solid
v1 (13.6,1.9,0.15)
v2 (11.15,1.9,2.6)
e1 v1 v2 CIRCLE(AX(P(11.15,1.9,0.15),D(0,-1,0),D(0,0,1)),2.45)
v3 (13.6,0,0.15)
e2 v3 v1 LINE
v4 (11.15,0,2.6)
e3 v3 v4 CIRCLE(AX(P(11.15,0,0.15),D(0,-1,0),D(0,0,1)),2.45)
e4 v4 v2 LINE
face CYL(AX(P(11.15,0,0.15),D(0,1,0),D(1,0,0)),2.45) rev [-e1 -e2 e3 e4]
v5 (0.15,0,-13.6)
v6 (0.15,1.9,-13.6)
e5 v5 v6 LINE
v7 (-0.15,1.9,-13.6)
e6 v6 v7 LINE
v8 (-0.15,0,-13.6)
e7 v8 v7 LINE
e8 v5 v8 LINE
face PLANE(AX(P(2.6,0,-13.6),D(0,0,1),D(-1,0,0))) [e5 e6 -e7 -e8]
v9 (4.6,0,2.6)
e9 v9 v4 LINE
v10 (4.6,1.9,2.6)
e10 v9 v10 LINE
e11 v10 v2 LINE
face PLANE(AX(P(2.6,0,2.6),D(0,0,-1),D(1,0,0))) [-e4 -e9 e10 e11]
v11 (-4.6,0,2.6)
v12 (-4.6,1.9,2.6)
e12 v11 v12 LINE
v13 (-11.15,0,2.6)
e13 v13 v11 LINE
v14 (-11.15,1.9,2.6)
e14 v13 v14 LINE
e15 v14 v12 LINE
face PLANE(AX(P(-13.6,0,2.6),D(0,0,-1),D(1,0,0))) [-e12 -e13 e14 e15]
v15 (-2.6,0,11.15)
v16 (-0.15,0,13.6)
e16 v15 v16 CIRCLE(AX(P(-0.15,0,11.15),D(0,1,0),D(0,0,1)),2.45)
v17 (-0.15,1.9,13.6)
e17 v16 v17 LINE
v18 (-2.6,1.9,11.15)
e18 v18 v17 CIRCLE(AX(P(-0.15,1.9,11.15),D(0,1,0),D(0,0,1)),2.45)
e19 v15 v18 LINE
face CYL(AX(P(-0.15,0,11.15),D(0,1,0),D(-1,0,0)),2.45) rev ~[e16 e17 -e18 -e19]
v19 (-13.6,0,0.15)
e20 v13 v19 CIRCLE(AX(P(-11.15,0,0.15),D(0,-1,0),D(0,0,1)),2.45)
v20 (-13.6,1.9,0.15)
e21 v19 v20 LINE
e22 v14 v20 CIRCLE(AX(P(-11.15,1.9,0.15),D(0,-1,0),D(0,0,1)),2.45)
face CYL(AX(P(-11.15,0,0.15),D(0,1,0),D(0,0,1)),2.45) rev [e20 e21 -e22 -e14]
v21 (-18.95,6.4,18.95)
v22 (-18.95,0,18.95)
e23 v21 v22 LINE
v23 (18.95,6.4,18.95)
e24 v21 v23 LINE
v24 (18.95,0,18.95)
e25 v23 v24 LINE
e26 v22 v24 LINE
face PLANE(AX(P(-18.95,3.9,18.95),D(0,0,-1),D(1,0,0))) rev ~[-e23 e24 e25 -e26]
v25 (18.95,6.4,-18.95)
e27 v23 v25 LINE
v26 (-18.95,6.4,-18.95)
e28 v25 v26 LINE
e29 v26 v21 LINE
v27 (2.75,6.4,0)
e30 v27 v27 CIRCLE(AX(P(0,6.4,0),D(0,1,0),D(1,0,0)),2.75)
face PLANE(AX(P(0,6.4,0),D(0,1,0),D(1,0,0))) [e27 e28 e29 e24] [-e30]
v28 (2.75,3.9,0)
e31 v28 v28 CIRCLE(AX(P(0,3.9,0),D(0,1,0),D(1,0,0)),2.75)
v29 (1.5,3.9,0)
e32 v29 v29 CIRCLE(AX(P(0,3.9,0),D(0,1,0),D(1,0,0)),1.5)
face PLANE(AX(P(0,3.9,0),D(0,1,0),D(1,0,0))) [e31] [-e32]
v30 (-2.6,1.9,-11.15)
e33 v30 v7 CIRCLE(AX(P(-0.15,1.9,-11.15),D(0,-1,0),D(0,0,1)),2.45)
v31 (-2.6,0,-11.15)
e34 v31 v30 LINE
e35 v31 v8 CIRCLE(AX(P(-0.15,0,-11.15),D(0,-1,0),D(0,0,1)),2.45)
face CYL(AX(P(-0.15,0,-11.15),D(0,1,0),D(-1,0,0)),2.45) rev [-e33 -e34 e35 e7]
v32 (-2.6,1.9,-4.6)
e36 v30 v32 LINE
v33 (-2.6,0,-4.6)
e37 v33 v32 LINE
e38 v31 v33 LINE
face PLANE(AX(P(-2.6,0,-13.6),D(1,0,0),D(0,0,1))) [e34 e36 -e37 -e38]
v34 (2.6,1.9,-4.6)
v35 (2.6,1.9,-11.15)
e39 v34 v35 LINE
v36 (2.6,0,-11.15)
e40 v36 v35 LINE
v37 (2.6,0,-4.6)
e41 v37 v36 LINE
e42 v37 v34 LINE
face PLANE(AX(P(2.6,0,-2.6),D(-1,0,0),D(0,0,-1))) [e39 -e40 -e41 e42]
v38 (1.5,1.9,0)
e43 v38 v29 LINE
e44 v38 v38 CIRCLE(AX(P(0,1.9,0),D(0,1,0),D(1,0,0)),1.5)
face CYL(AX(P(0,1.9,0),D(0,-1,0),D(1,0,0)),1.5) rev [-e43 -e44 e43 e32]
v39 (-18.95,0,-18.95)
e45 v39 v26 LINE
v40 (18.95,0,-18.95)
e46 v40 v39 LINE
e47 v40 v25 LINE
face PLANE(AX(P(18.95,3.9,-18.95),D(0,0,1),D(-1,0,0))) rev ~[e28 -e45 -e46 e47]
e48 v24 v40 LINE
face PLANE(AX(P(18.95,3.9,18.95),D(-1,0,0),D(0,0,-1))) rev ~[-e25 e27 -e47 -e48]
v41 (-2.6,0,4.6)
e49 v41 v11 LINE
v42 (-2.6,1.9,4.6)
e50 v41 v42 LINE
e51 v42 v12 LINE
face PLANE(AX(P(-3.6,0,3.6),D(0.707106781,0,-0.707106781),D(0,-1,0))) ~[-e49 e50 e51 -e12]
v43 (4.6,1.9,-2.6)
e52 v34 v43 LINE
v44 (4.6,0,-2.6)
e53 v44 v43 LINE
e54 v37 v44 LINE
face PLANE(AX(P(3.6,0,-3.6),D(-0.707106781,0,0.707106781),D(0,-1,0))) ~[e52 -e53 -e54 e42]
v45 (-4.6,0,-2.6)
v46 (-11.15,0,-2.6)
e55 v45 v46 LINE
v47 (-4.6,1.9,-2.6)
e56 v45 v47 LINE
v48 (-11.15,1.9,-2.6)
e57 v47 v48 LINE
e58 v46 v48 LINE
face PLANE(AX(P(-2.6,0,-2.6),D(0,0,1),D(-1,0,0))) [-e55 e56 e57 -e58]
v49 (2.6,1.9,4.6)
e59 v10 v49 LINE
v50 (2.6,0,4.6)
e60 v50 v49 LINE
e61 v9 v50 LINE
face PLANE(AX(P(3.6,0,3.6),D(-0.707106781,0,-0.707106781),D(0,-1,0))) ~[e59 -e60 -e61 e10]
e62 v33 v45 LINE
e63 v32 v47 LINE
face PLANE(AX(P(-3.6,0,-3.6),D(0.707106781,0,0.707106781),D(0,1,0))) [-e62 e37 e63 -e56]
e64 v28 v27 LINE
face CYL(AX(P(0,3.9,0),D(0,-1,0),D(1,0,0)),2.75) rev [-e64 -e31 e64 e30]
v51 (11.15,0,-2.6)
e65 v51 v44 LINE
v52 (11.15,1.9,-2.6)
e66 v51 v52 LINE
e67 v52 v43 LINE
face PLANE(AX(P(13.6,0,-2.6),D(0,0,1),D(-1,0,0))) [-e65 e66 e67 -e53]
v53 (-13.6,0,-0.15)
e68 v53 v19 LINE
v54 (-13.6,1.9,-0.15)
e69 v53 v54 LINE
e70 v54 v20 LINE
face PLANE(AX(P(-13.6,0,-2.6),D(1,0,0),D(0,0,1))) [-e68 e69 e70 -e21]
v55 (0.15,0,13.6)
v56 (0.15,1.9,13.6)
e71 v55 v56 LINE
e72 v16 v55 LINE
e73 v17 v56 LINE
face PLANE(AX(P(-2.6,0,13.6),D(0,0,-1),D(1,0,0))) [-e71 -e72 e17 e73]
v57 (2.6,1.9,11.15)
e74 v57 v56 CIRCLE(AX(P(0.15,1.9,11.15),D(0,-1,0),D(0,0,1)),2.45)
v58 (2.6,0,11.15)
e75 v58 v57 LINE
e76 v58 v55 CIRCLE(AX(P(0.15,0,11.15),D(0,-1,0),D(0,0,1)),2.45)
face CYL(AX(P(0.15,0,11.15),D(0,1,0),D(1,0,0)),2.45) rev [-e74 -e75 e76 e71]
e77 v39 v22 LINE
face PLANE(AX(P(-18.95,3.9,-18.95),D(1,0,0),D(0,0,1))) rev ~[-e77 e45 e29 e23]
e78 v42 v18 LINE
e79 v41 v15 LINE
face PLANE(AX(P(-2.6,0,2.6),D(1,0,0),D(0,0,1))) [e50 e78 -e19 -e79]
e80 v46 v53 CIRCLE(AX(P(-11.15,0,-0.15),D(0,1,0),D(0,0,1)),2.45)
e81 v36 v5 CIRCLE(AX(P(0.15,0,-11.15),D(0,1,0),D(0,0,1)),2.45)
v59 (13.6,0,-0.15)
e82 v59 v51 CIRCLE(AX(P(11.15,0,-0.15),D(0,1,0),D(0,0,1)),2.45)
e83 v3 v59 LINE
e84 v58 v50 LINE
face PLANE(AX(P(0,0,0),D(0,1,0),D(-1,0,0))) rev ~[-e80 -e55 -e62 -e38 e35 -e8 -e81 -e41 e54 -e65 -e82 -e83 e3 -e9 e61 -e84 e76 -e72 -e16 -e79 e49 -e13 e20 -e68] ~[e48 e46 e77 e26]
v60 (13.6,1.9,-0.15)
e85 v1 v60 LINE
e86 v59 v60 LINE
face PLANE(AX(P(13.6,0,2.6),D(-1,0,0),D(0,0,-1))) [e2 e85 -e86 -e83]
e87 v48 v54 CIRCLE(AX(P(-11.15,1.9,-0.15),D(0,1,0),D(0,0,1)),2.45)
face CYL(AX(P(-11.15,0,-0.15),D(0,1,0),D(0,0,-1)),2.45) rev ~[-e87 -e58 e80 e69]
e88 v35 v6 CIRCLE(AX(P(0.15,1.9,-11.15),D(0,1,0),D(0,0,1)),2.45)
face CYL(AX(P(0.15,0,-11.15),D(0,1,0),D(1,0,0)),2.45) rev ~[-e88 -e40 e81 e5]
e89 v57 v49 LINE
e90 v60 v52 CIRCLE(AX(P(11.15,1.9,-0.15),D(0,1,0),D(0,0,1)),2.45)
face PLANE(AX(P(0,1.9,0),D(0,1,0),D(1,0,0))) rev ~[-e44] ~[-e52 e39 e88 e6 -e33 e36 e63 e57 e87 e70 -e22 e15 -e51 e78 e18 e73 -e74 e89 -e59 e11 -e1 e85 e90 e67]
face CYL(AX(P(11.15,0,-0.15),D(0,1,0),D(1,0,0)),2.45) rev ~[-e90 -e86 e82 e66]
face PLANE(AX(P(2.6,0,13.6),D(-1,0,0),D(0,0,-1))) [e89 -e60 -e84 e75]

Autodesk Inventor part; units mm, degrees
ref_plane "YZ Plane" through (0, 0, 0) normal (1, 0, 0) x (0, 1, 0)
ref_plane "XZ Plane" through (0, 0, 0) normal (0, 1, 0) x (-1, 0, 0)
ref_plane "XY Plane" through (0, 0, 0) normal (0, 0, 1) x (1, 0, 0)
sketch "Sketch1" plane through (0, 0, 0) normal (0, 1, 0) x (-1, 0, 0)
  line L0 (-18.95, -18.95) -> (18.95, -18.95)
  line L1 (18.95, -18.95) -> (18.95, 18.95)
  line L2 (18.95, 18.95) -> (-18.95, 18.95)
  line L3 (-18.95, 18.95) -> (-18.95, -18.95)
  line L4 (-18.95, -18.95) -> (18.95, 18.95) construction
  line L5 (18.95, -18.95) -> (-18.95, 18.95) construction
  line L6 (-2.45, -13.45) -> (2.45, -13.45) construction
  line L7 (2.45, -13.45) -> (2.45, 13.45) construction
  line L8 (2.45, 13.45) -> (-2.45, 13.45) construction
  line L9 (-2.45, 13.45) -> (-2.45, -13.45) construction
  line L10 (-2.45, -13.45) -> (2.45, 13.45) construction
  line L11 (2.45, -13.45) -> (-2.45, 13.45) construction
  line L12 (-13.45, -2.45) -> (13.45, -2.45) construction
  line L13 (13.45, -2.45) -> (13.45, 2.45) construction
  line L14 (13.45, 2.45) -> (-13.45, 2.45) construction
  line L15 (-13.45, 2.45) -> (-13.45, -2.45) construction
  line L16 (-13.45, -2.45) -> (13.45, 2.45) construction
  line L17 (13.45, -2.45) -> (-13.45, 2.45) construction
  line L18 (-13.6, -2.6) -> (13.6, -2.6)
  line L19 (13.6, -2.6) -> (13.6, 2.6)
  line L20 (13.6, 2.6) -> (-13.6, 2.6)
  line L21 (-13.6, 2.6) -> (-13.6, -2.6)
  line L22 (-13.6, -2.6) -> (13.6, 2.6) construction
  line L23 (13.6, -2.6) -> (-13.6, 2.6) construction
  line L24 (-2.6, -13.6) -> (2.6, -13.6)
  line L25 (2.6, -13.6) -> (2.6, 13.6)
  line L26 (2.6, 13.6) -> (-2.6, 13.6)
  line L27 (-2.6, 13.6) -> (-2.6, -13.6)
  line L28 (-2.6, -13.6) -> (2.6, 13.6) construction
  line L29 (2.6, -13.6) -> (-2.6, 13.6) construction
  point P0 (0, 0)
  point P1 (0, 0)
  dimension "d0" = 37.9
  dimension "d1" = 4.9
  dimension "d2" = 11
  dimension "d3" = 0.15
  dimension "d4" = 0.15
extrude "Extrusion1" add sketch "Sketch1" along normal blind 1.9
sketch "Sketch2" plane through (0, 1.9, 0) normal (0, 1, 0) x (1, 0, 0)
  line L0 (18.95, 18.95) -> (-18.95, 18.95) projected
  line L1 (-18.95, 18.95) -> (-18.95, -18.95) projected
  line L2 (-18.95, -18.95) -> (18.95, -18.95) projected
  line L3 (18.95, -18.95) -> (18.95, 18.95) projected
  circle A0 centre (0, 0) radius 1.5
  dimension "d7" = 3
extrude "Extrusion2" add sketch "Sketch2" along normal blind 2
sketch "Sketch3" plane through (0, 3.9, 0) normal (0, 1, 0) x (1, 0, 0)
  circle A0 centre (0, 0) radius 1.5 projected
  line L0 (18.95, 18.95) -> (-18.95, 18.95) projected
  line L1 (-18.95, 18.95) -> (-18.95, -18.95) projected
  line L2 (-18.95, -18.95) -> (18.95, -18.95) projected
  line L3 (18.95, -18.95) -> (18.95, 18.95) projected
  circle A1 centre (0, 0) radius 2.75
  dimension "d10" = 5.5
extrude "Extrusion3" add sketch "Sketch3" along normal blind 2.5 contours L3 L2 L1 L0
chamfer "Chamfer1" distance 2 angle 45 1 edges at (-2.6, 0.95, -2.6)
fillet "Fillet1" radius 2.45 1 edges at (-13.6, 0.95, -2.6)
fillet "Fillet2" radius 2.45 1 edges at (-2.6, 0.95, -13.6)
chamfer "Chamfer2" distance 2 angle 45 1 edges at (2.6, 0.95, -2.6)
chamfer "Chamfer3" distance 2 angle 45 1 edges at (2.6, 0.95, 2.6)
fillet "Fillet3" radius 2.45 1 edges at (13.6, 0.95, -2.6)
fillet "Fillet4" radius 2.45 1 edges at (2.6, 0.95, -13.6)
fillet "Fillet5" radius 2.45 1 edges at (13.6, 0.95, 2.6)
fillet "Fillet6" radius 2.45 1 edges at (2.6, 0.95, 13.6)
chamfer "Chamfer4" distance 2 angle 45 1 edges at (-2.6, 0.95, 2.6)
fillet "Fillet7" radius 2.45 2 edges at (-2.6, 0.95, 13.6) (-13.6, 0.95, 2.6)
equation "\"d0\" = 3 * ServoArmLength + ServoArmWidth"
equation "\"d1\" = ServoArmWidth"
equation "\"d2\" = ServoArmLength"
equation "\"d3\" = ServoArmSpacing"
equation "\"d4\" = ServoArmSpacing"
equation "\"d5\" = ServoArmThickness"
equation "\"d7\" = ServoArmHoleRequired"
equation "\"d8\" = MinimalThickness"
equation "\"d10\" = ServoArmHeadScrewTrace"
equation "\"d11\" = ServoArmHeadScrewThickness"
equation "\"d13\" = ServoArmInternFillet"
equation "\"d16\" = ServoArmExternFillet"
equation "\"d17\" = ServoArmExternFillet"
equation "\"d18\" = ServoArmInternFillet"
equation "\"d21\" = ServoArmInternFillet"
equation "\"d24\" = ServoArmExternFillet"
equation "\"d25\" = ServoArmExternFillet"
equation "\"d26\" = ServoArmExternFillet"
equation "\"d27\" = ServoArmExternFillet"
equation "\"d28\" = ServoArmInternFillet"
equation "\"d31\" = ServoArmExternFillet"
equation "\"ServoArmLength\" = 11"
equation "\"ServoArmWidth\" = 4.9"
equation "\"ServoArmSpacing\" = 0.15"
equation "\"ServoArmThickness\" = 1.9"
equation "\"ServoArmHoleRequired\" = 3"
equation "\"MinimalThickness\" = 2"
equation "\"ServoArmHeadScrewTrace\" = 5.5"
equation "\"ServoArmHeadScrewThickness\" = 2.5"
equation "\"ServoArmInternFillet\" = 2"
equation "\"ServoArmExternFillet\" = 2.45"
properties part number "ServoArmTrace"
